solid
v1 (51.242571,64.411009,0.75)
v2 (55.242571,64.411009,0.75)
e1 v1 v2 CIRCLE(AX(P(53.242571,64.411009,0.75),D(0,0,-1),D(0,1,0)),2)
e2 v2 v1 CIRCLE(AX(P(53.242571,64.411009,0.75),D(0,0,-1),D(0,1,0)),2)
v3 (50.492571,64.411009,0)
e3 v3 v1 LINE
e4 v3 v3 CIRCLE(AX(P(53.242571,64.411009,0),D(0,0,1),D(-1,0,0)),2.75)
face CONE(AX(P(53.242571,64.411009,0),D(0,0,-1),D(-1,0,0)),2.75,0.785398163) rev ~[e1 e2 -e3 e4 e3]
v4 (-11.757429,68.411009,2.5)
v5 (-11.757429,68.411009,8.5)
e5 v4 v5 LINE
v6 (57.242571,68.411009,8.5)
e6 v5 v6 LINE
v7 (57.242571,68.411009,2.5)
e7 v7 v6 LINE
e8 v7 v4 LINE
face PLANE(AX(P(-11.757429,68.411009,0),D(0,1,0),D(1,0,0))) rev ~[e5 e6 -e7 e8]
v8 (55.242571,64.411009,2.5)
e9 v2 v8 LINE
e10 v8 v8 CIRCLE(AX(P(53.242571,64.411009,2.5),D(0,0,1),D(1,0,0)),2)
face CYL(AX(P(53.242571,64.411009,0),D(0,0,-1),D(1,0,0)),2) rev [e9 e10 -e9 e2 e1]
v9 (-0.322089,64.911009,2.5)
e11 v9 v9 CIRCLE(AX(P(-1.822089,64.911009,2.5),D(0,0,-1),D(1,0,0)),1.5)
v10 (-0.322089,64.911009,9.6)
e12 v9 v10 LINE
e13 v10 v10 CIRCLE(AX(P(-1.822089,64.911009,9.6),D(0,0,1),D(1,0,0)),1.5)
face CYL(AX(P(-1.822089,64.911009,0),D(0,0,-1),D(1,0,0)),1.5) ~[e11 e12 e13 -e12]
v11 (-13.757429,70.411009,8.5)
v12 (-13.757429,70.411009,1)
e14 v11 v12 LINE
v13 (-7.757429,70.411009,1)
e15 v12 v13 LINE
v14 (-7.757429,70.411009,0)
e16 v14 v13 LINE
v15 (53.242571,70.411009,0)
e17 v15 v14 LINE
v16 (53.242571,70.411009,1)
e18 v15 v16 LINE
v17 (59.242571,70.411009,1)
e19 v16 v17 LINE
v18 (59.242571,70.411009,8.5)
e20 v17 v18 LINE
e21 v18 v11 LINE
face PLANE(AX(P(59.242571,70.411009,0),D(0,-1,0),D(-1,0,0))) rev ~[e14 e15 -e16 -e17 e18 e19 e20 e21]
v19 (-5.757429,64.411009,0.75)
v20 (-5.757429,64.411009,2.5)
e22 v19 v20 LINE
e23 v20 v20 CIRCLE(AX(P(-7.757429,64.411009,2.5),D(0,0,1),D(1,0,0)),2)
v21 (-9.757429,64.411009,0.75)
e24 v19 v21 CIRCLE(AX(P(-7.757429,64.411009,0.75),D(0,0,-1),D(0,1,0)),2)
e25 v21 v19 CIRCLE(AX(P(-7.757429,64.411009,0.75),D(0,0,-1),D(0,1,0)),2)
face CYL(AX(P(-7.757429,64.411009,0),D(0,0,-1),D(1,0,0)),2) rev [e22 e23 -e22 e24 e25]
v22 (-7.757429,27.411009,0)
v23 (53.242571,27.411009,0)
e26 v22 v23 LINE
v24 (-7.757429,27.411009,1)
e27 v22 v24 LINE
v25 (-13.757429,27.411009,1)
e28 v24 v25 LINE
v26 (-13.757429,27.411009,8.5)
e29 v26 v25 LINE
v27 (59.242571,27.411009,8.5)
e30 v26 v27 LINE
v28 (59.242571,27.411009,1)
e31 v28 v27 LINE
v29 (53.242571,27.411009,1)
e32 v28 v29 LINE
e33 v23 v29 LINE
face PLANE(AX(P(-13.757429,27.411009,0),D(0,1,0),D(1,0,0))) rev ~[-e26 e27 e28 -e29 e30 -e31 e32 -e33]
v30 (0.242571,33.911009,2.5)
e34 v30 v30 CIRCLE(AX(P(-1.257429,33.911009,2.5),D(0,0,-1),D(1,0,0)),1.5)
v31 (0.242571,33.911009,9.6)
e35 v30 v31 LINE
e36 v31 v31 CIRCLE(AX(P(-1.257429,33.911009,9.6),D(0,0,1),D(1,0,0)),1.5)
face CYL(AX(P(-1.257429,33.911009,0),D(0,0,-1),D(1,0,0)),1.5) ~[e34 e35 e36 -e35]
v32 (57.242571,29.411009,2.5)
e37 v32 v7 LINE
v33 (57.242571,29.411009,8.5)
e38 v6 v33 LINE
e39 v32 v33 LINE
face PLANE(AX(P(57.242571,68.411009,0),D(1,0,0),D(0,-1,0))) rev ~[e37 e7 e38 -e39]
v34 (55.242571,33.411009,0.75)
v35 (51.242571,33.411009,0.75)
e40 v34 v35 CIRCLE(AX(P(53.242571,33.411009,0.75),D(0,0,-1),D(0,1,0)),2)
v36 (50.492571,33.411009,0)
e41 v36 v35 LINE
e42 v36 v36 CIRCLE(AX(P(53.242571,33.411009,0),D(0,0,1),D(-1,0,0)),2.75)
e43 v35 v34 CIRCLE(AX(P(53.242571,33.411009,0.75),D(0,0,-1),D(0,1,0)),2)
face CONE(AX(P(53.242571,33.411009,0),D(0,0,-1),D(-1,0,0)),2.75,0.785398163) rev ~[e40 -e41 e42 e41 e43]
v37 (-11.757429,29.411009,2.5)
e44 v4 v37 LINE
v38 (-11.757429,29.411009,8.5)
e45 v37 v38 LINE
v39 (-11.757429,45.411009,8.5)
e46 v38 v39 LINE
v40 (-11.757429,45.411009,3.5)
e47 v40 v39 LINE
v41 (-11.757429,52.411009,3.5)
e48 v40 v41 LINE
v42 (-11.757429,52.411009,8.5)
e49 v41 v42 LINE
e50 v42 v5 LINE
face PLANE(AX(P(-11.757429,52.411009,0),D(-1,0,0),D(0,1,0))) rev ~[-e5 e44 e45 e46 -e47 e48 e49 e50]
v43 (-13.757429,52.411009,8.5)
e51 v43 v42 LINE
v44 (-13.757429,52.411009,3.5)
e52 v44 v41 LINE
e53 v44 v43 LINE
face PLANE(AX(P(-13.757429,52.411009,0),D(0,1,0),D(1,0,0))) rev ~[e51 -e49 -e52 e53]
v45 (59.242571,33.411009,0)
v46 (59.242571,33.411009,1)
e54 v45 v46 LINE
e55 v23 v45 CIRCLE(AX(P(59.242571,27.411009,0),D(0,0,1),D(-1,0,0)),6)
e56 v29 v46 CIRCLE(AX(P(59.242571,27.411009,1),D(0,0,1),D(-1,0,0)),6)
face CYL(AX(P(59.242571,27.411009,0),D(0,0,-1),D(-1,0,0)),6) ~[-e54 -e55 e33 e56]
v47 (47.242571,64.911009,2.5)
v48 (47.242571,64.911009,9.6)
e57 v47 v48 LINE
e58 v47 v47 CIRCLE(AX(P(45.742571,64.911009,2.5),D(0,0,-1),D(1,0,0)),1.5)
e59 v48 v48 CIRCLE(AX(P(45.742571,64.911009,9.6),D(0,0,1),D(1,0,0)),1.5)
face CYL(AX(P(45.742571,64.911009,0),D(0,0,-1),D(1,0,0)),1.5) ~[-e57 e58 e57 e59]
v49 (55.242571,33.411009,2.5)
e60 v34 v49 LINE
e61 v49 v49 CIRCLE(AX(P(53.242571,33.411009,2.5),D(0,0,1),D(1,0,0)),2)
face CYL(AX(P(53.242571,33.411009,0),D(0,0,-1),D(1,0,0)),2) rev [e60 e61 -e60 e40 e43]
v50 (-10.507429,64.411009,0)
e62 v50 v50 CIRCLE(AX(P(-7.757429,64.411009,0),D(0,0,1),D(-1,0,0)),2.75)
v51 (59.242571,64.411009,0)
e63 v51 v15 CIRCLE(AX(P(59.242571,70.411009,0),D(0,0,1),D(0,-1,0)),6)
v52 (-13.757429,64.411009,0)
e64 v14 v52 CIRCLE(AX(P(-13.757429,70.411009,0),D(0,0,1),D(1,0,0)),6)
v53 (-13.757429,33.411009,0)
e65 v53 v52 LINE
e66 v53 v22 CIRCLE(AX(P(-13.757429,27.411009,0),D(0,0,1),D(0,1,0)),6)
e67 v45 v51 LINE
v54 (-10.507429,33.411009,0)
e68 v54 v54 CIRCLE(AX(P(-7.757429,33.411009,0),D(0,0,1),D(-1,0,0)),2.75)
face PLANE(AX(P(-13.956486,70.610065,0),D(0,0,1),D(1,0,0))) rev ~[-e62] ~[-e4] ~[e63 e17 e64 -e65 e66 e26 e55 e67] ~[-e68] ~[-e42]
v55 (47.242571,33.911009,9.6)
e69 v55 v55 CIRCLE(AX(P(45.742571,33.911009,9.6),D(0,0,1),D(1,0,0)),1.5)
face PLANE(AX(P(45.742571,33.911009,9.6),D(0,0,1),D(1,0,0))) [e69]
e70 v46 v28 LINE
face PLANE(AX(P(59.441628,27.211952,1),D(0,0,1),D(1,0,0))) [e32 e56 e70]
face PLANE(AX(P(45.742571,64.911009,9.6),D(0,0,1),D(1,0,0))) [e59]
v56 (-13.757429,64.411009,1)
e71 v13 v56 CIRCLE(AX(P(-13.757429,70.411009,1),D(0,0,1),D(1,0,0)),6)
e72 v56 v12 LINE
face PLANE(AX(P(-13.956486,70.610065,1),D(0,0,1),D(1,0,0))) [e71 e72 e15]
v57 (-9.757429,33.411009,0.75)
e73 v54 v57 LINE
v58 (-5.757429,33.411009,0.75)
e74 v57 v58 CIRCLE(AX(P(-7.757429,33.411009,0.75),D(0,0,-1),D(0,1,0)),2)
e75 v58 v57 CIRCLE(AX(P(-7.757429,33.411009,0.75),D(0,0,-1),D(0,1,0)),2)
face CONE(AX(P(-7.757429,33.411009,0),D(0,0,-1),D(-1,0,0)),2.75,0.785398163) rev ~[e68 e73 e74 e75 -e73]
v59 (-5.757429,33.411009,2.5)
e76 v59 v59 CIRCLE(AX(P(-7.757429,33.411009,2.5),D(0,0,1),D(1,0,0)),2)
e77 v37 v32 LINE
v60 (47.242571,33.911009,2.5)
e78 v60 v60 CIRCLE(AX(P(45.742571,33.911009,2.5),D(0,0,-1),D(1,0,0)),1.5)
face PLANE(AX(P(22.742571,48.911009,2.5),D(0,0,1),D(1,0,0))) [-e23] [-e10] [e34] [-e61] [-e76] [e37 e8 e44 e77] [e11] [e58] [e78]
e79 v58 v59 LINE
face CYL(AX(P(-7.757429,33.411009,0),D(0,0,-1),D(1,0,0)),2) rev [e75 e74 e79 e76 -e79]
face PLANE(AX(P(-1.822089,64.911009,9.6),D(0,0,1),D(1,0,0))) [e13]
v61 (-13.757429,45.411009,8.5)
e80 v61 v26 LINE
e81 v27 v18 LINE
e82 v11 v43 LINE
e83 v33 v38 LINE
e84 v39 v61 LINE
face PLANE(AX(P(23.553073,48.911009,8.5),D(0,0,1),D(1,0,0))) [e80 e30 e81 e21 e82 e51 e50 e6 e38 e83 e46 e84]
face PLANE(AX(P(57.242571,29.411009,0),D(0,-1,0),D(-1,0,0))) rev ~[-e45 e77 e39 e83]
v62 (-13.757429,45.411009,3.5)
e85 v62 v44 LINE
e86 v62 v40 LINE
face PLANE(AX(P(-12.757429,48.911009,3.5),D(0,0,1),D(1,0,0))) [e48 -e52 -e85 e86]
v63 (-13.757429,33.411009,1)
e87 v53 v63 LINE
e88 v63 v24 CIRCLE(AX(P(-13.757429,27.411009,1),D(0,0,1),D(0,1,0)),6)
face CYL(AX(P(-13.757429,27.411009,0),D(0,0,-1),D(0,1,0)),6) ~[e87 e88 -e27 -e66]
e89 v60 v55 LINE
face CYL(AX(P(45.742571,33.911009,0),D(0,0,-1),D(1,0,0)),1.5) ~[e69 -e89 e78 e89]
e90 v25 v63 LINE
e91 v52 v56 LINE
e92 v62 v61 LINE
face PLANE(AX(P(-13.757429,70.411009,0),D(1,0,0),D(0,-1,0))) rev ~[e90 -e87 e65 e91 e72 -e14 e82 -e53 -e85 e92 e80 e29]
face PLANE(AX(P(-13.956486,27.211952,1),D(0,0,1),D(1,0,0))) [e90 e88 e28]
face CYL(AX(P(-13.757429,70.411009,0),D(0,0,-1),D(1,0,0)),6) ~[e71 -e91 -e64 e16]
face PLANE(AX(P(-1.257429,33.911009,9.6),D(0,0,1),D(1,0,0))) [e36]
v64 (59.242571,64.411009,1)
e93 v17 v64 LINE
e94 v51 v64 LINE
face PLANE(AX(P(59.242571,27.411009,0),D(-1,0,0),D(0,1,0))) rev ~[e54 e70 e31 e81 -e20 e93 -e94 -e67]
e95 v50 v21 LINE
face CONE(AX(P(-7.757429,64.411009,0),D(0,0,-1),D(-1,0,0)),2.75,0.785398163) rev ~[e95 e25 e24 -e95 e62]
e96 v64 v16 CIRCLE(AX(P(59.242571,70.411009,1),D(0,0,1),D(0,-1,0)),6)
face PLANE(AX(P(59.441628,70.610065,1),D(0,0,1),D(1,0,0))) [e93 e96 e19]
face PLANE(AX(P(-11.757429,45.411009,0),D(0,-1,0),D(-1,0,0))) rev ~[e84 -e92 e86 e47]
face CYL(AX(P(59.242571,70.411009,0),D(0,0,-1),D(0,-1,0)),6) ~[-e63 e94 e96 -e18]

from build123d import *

# Parameters (mm, degrees)
F0_R           = 2
F0_R_2         = 1.5
F0_W           = 2
F0_H           = 7
F1_DEPTH       = 2.5
F2_DEPTH       = 8.5
F3_DEPTH       = 9.6
F4_DEPTH       = 3.5
F5_D           = 3
F5_CSINK_D     = 5.5
F5_CSINK_ANGLE = 90
F6_DEPTH       = 1


with BuildPart() as f1:
    # F0 (on Top) → F1 (new body)
    with BuildSketch(Plane.XY):
        Polygon((57.2425711751, 68.4110085815), (-11.7574288249, 68.4110085815), (-11.7574288249, 52.4110085815), (-11.7574288249, 45.4110085815), (-11.7574288249, 29.4110085815), (57.2425711751, 29.4110085815), align=None)
        with Locations((-7.7574288249, 33.4110085815)):
            Circle(F0_R, mode=Mode.SUBTRACT)
        with Locations((-1.2574288249, 33.9110085815)):
            Circle(F0_R_2, mode=Mode.SUBTRACT)
        with Locations((45.7425711751, 33.9110085815)):
            Circle(F0_R_2, mode=Mode.SUBTRACT)
        with Locations((53.2425711751, 33.4110085815)):
            Circle(F0_R, mode=Mode.SUBTRACT)
        with Locations((-7.7574288249, 64.4110085815)):
            Circle(F0_R, mode=Mode.SUBTRACT)
        with Locations((-1.8220887287, 64.9110085815)):
            Circle(F0_R_2, mode=Mode.SUBTRACT)
        with Locations((45.7425711751, 64.9110085815)):
            Circle(F0_R_2, mode=Mode.SUBTRACT)
        with Locations((53.2425711751, 64.4110085815)):
            Circle(F0_R, mode=Mode.SUBTRACT)
        Polygon((-11.7574288249, 52.4110085815), (-11.7574288249, 68.4110085815), (57.2425711751, 68.4110085815), (57.2425711751, 29.4110085815), (-11.7574288249, 29.4110085815), (-11.7574288249, 45.4110085815), (-13.7574288249, 45.4110085815), (-13.7574288249, 33.4110085815), (-13.7574288249, 27.4110085815), (-7.7574288249, 27.4110085815), (53.2425711751, 27.4110085815), (59.2425711751, 27.4110085815), (59.2425711751, 33.4110085815), (59.2425711751, 64.4110085815), (59.2425711751, 70.4110085815), (53.2425711751, 70.4110085815), (-7.7574288249, 70.4110085815), (-13.7574288249, 70.4110085815), (-13.7574288249, 64.4110085815), (-13.7574288249, 52.4110085815), align=None)
        with Locations((-1.2574288249, 33.9110085815)):
            Circle(F0_R_2)
        with Locations((45.7425711751, 33.9110085815)):
            Circle(F0_R_2)
        with Locations((45.7425711751, 64.9110085815)):
            Circle(F0_R_2)
        with Locations((-1.8220887287, 64.9110085815)):
            Circle(F0_R_2)
        with Locations((-12.7574288249, 48.9110085815)):
            Rectangle(F0_W, F0_H)
    extrude(amount=F1_DEPTH)

    # F0 (on Top) → F2 (join)
    with BuildSketch(Plane.XY):
        Polygon((-11.7574288249, 52.4110085815), (-11.7574288249, 68.4110085815), (57.2425711751, 68.4110085815), (57.2425711751, 29.4110085815), (-11.7574288249, 29.4110085815), (-11.7574288249, 45.4110085815), (-13.7574288249, 45.4110085815), (-13.7574288249, 33.4110085815), (-13.7574288249, 27.4110085815), (-7.7574288249, 27.4110085815), (53.2425711751, 27.4110085815), (59.2425711751, 27.4110085815), (59.2425711751, 33.4110085815), (59.2425711751, 64.4110085815), (59.2425711751, 70.4110085815), (53.2425711751, 70.4110085815), (-7.7574288249, 70.4110085815), (-13.7574288249, 70.4110085815), (-13.7574288249, 64.4110085815), (-13.7574288249, 52.4110085815), align=None)
    extrude(amount=F2_DEPTH)

    # F0 (on Top) → F3 (join)
    with BuildSketch(Plane.XY):
        with Locations((-1.8220887287, 64.9110085815)):
            Circle(F0_R_2)
        with Locations((-1.2574288249, 33.9110085815)):
            Circle(F0_R_2)
        with Locations((45.7425711751, 33.9110085815)):
            Circle(F0_R_2)
        with Locations((45.7425711751, 64.9110085815)):
            Circle(F0_R_2)
    extrude(amount=F3_DEPTH)

    # F0 (on Top) → F4 (join)
    with BuildSketch(Plane.XY):
        with Locations((-12.7574288249, 48.9110085815)):
            Rectangle(F0_W, F0_H)
    extrude(amount=F4_DEPTH)

    # F5 (through all)
    with Locations(Plane(origin=(0, 0, 0), x_dir=(1, 0, 0), z_dir=(0, 0, -1))):
        with Locations((53.2425711751, -64.4110085815), (53.2425711751, -33.4110085815), (-7.7574288249, -33.4110085815), (-7.7574288249, -64.4110085815)):
            CounterSinkHole(F5_D / 2, F5_CSINK_D / 2, counter_sink_angle=F5_CSINK_ANGLE)

    # F0 (on Top) → F6 (join)
    with BuildSketch(Plane.XY):
        with BuildLine():
            ThreePointArc((-7.7574288249, 70.4110085815), (-18.000069512, 74.6536492686), (-13.7574288249, 64.4110085815))
            Line((-13.7574288249, 64.4110085815), (-13.7574288249, 70.4110085815))
            Line((-13.7574288249, 70.4110085815), (-7.7574288249, 70.4110085815))
        make_face()
        with BuildLine():
            ThreePointArc((59.2425711751, 64.4110085815), (63.4852118622, 74.6536492686), (53.2425711751, 70.4110085815))
            Line((53.2425711751, 70.4110085815), (59.2425711751, 70.4110085815))
            Line((59.2425711751, 70.4110085815), (59.2425711751, 64.4110085815))
        make_face()
        with BuildLine():
            Line((59.2425711751, 27.4110085815), (53.2425711751, 27.4110085815))
            ThreePointArc((53.2425711751, 27.4110085815), (63.4852118622, 23.1683678944), (59.2425711751, 33.4110085815))
            Line((59.2425711751, 33.4110085815), (59.2425711751, 27.4110085815))
        make_face()
        with BuildLine():
            Line((-13.7574288249, 27.4110085815), (-13.7574288249, 33.4110085815))
            ThreePointArc((-13.7574288249, 33.4110085815), (-18.000069512, 23.1683678944), (-7.7574288249, 27.4110085815))
            Line((-7.7574288249, 27.4110085815), (-13.7574288249, 27.4110085815))
        make_face()
    extrude(amount=F6_DEPTH)


solid = f1.part
